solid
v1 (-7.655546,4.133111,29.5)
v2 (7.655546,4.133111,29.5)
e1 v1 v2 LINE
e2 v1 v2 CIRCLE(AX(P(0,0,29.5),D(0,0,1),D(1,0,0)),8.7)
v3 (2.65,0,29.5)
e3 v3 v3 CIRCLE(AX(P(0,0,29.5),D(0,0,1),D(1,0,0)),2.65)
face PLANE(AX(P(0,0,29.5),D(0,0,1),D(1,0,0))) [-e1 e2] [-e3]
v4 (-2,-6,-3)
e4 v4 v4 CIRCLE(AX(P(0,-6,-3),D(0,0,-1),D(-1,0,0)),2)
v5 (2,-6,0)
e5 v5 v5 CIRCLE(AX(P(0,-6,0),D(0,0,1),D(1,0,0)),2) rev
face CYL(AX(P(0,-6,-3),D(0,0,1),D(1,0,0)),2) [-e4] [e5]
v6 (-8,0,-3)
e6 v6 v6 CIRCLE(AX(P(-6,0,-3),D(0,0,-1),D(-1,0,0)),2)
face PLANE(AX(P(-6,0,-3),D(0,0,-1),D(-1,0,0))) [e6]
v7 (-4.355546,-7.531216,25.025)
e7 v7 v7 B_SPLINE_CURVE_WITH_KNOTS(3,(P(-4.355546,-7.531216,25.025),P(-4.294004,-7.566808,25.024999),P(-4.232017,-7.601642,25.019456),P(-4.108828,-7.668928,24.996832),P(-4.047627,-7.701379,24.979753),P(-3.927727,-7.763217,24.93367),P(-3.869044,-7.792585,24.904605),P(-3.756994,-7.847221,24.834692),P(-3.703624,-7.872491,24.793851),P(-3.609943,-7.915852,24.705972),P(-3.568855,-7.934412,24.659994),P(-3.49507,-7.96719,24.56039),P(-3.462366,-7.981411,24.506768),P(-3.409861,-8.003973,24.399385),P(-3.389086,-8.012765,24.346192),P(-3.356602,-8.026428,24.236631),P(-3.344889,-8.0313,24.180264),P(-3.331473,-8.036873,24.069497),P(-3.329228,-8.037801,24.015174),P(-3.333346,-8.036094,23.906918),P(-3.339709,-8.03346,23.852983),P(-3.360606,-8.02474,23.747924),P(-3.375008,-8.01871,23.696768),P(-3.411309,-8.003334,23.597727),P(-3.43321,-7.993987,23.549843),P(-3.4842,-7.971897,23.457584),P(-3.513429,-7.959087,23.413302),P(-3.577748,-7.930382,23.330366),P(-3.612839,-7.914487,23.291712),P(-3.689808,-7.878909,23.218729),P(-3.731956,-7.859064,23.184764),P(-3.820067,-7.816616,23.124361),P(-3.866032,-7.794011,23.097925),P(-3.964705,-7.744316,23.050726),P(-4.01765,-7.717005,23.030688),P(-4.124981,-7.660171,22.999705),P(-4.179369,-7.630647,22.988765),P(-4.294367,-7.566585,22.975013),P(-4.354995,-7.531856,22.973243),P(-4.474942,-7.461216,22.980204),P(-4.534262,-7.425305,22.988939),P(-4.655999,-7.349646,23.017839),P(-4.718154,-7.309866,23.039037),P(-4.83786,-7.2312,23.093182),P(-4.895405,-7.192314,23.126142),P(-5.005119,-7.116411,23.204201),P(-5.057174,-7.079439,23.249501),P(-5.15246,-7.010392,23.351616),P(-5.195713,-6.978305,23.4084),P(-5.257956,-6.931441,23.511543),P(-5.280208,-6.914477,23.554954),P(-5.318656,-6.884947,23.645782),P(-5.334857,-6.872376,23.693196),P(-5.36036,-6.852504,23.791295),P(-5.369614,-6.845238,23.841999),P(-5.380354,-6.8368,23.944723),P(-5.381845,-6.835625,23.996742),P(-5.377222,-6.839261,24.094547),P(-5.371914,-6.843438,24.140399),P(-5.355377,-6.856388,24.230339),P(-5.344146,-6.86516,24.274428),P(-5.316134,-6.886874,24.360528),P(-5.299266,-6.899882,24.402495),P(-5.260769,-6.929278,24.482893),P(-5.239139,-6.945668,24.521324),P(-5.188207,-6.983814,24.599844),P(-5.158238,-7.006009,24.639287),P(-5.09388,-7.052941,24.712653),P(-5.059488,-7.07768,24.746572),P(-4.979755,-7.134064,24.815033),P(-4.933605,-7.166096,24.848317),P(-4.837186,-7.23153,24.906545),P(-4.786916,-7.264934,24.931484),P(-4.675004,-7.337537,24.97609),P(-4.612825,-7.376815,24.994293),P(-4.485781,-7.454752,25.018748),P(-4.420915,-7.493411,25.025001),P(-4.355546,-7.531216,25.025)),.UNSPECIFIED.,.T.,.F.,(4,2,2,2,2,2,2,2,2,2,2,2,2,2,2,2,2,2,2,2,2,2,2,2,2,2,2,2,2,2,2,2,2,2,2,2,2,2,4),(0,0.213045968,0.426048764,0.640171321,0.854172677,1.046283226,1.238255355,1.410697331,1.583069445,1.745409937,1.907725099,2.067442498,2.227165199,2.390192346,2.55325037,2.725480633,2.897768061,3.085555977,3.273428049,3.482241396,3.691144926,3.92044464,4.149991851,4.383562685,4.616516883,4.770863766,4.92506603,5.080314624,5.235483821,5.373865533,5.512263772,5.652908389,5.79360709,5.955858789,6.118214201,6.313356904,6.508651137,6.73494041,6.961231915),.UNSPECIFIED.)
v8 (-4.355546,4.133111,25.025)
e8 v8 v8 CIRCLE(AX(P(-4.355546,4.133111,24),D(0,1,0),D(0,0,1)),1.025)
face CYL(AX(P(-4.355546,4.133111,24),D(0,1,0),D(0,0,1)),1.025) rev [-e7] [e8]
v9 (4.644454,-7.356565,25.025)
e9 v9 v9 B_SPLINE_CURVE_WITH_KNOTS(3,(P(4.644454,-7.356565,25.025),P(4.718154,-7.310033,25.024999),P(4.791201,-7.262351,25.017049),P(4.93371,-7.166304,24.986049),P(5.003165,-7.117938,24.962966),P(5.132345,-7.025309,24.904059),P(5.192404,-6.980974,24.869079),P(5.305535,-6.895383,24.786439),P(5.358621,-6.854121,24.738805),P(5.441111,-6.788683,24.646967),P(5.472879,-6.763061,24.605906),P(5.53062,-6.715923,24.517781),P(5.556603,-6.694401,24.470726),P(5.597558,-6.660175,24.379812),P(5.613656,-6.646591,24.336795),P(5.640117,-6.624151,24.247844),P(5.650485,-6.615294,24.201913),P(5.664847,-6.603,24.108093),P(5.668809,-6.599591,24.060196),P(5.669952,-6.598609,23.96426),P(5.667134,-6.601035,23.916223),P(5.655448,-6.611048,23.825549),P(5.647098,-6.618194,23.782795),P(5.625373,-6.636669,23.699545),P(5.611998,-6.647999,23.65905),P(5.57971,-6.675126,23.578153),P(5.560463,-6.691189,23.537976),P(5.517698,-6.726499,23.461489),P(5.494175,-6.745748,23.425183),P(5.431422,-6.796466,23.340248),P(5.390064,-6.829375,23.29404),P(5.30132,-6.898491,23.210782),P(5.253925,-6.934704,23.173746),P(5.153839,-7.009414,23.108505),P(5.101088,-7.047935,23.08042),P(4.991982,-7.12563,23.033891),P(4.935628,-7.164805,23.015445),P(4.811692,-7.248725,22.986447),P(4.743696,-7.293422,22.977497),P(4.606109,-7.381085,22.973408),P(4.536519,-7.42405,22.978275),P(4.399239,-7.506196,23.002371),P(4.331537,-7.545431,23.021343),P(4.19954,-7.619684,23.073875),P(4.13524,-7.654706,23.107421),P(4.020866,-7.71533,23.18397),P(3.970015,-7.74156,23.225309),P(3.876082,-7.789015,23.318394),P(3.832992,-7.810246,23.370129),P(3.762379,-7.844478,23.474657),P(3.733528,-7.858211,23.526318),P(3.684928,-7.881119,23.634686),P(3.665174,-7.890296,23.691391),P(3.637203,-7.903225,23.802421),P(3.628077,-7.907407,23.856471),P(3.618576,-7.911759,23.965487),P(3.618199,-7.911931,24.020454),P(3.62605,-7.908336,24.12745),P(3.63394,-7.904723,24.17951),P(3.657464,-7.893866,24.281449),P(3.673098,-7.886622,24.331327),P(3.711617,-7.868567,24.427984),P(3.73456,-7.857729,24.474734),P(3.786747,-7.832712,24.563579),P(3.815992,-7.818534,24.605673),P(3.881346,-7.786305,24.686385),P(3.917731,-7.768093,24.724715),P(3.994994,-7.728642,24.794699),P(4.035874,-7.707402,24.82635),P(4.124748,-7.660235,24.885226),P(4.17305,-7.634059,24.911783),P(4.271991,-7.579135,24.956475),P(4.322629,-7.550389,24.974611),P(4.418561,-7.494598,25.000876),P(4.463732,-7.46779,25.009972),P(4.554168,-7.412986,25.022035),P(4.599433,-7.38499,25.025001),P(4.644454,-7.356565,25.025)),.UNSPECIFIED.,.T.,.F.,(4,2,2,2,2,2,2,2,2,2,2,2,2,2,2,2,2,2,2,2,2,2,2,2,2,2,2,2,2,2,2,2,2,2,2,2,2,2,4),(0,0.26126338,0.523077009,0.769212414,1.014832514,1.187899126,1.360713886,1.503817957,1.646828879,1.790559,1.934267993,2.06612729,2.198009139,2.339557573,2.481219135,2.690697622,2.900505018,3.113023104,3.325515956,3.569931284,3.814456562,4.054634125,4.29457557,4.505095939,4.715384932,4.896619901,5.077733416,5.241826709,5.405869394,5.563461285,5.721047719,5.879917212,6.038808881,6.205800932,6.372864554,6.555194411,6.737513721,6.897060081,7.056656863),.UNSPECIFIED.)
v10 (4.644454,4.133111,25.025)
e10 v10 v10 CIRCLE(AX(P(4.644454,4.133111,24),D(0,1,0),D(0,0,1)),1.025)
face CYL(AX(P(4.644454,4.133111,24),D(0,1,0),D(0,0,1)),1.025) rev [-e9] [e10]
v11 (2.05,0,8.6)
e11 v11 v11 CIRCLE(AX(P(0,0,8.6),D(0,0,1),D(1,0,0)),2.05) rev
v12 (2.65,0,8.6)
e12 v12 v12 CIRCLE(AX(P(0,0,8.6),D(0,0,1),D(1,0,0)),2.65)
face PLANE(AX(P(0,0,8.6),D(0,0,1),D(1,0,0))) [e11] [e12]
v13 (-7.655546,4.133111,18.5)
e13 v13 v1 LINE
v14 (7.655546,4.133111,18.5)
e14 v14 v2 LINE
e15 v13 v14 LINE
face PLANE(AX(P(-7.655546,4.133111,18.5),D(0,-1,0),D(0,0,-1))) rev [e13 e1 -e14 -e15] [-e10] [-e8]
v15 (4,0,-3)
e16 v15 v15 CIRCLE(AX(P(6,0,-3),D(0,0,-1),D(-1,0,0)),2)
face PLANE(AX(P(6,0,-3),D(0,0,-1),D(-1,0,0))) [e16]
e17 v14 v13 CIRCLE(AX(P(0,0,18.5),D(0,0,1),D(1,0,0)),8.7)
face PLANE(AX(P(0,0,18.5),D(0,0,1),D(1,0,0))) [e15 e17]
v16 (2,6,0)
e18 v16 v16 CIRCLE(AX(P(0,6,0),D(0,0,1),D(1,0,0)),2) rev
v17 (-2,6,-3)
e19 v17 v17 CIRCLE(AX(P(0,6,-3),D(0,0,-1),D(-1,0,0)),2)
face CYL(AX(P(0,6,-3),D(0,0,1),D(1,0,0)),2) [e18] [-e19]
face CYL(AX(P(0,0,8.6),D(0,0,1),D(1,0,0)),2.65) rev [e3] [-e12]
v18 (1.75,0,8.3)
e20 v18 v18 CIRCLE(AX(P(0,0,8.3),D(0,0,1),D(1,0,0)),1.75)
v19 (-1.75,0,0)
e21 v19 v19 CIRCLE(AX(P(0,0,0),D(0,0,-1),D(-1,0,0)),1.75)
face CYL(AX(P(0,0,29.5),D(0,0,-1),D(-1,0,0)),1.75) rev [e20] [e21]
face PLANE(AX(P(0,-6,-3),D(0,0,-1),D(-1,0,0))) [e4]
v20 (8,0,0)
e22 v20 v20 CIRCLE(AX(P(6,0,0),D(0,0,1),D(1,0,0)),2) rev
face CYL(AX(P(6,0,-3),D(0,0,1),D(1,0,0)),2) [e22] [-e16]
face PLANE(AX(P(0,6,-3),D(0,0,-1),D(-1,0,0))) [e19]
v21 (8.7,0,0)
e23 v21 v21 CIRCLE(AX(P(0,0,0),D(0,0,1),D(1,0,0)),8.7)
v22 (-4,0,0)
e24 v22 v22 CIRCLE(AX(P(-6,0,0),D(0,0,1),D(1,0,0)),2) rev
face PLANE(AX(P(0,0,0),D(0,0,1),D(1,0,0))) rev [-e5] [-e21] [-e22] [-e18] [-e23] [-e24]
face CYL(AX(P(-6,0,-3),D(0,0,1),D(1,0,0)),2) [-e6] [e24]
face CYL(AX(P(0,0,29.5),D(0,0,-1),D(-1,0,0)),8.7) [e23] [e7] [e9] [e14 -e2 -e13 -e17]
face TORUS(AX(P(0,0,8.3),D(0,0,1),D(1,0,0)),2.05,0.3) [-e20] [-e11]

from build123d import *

# Parameters (mm, degrees)
SKETCH1_R                      = 8.7
BOSS_EXTRUDE1_DEPTH            = 29.5
SKETCH5_R                      = 1.75
CUT_EXTRUDE1_DEPTH             = 32.962947298
SKETCH6_R                      = 2.65
CUT_EXTRUDE3_DEPTH             = 20.9
SKETCH2_W                      = 17
SKETCH2_H                      = 4.566888769
CUT_EXTRUDE4_DEPTH             = 11
FILLET1_R                      = 0.3
TAP_DRILL_FOR_M2_5X0_45_TAP1_D = 2.05
SKETCH4_R                      = 2
BOSS_EXTRUDE2_DEPTH            = 3


with BuildPart() as part:
    # Sketch1 → Boss-Extrude1 (new body)
    with BuildSketch(Plane.XY):
        Circle(SKETCH1_R)
    extrude(amount=BOSS_EXTRUDE1_DEPTH)

    # Sketch5 → Cut-Extrude1 (cut, through all)
    with BuildSketch(Plane(origin=(0, 0, 0), x_dir=(-1, 0, 0), z_dir=(0, 0, -1))):
        Circle(SKETCH5_R)
    extrude(amount=-CUT_EXTRUDE1_DEPTH, mode=Mode.SUBTRACT)

    # Sketch6 → Cut-Extrude3 (cut)
    with BuildSketch(Plane.XY.offset(29.5)):
        Circle(SKETCH6_R)
    extrude(amount=-CUT_EXTRUDE3_DEPTH, mode=Mode.SUBTRACT)

    # Sketch2 → Cut-Extrude4 (cut)
    with BuildSketch(Plane.XY.offset(29.5)):
        with Locations((0.844453543, 6.416555616)):
            Rectangle(SKETCH2_W, SKETCH2_H)
    extrude(amount=-CUT_EXTRUDE4_DEPTH, mode=Mode.SUBTRACT)

    # Fillet1
    fillet1_edges = [part.edges().sort_by_distance(p)[0] for p in [
        (1.75, 0, 8.6),
    ]]
    fillet(fillet1_edges, radius=FILLET1_R)

    # Tap Drill for M2.5x0.45 Tap1 (through all)
    with Locations(Plane(origin=(0, 4.133111231, 0), x_dir=(1, 0, 0), z_dir=(0, 1, 0))):
        with Locations((4.644453543, -24), (-4.355546457, -24)):
            Hole(TAP_DRILL_FOR_M2_5X0_45_TAP1_D / 2)

    # Sketch4 → Boss-Extrude2 (add)
    with BuildSketch(Plane(origin=(0, 0, 0), x_dir=(-1, 0, 0), z_dir=(0, 0, -1))):
        with Locations(Location((0, 6, 0), (0, 0, 180))):
            Circle(SKETCH4_R)
        with Locations(Location((6, 0, 0), (0, 0, 180))):
            Circle(SKETCH4_R)
        with Locations(Location((0, -6, 0), (0, 0, 180))):
            Circle(SKETCH4_R)
        with Locations(Location((-6, 0, 0), (0, 0, 180))):
            Circle(SKETCH4_R)
    extrude(amount=BOSS_EXTRUDE2_DEPTH)


solid = part.part
